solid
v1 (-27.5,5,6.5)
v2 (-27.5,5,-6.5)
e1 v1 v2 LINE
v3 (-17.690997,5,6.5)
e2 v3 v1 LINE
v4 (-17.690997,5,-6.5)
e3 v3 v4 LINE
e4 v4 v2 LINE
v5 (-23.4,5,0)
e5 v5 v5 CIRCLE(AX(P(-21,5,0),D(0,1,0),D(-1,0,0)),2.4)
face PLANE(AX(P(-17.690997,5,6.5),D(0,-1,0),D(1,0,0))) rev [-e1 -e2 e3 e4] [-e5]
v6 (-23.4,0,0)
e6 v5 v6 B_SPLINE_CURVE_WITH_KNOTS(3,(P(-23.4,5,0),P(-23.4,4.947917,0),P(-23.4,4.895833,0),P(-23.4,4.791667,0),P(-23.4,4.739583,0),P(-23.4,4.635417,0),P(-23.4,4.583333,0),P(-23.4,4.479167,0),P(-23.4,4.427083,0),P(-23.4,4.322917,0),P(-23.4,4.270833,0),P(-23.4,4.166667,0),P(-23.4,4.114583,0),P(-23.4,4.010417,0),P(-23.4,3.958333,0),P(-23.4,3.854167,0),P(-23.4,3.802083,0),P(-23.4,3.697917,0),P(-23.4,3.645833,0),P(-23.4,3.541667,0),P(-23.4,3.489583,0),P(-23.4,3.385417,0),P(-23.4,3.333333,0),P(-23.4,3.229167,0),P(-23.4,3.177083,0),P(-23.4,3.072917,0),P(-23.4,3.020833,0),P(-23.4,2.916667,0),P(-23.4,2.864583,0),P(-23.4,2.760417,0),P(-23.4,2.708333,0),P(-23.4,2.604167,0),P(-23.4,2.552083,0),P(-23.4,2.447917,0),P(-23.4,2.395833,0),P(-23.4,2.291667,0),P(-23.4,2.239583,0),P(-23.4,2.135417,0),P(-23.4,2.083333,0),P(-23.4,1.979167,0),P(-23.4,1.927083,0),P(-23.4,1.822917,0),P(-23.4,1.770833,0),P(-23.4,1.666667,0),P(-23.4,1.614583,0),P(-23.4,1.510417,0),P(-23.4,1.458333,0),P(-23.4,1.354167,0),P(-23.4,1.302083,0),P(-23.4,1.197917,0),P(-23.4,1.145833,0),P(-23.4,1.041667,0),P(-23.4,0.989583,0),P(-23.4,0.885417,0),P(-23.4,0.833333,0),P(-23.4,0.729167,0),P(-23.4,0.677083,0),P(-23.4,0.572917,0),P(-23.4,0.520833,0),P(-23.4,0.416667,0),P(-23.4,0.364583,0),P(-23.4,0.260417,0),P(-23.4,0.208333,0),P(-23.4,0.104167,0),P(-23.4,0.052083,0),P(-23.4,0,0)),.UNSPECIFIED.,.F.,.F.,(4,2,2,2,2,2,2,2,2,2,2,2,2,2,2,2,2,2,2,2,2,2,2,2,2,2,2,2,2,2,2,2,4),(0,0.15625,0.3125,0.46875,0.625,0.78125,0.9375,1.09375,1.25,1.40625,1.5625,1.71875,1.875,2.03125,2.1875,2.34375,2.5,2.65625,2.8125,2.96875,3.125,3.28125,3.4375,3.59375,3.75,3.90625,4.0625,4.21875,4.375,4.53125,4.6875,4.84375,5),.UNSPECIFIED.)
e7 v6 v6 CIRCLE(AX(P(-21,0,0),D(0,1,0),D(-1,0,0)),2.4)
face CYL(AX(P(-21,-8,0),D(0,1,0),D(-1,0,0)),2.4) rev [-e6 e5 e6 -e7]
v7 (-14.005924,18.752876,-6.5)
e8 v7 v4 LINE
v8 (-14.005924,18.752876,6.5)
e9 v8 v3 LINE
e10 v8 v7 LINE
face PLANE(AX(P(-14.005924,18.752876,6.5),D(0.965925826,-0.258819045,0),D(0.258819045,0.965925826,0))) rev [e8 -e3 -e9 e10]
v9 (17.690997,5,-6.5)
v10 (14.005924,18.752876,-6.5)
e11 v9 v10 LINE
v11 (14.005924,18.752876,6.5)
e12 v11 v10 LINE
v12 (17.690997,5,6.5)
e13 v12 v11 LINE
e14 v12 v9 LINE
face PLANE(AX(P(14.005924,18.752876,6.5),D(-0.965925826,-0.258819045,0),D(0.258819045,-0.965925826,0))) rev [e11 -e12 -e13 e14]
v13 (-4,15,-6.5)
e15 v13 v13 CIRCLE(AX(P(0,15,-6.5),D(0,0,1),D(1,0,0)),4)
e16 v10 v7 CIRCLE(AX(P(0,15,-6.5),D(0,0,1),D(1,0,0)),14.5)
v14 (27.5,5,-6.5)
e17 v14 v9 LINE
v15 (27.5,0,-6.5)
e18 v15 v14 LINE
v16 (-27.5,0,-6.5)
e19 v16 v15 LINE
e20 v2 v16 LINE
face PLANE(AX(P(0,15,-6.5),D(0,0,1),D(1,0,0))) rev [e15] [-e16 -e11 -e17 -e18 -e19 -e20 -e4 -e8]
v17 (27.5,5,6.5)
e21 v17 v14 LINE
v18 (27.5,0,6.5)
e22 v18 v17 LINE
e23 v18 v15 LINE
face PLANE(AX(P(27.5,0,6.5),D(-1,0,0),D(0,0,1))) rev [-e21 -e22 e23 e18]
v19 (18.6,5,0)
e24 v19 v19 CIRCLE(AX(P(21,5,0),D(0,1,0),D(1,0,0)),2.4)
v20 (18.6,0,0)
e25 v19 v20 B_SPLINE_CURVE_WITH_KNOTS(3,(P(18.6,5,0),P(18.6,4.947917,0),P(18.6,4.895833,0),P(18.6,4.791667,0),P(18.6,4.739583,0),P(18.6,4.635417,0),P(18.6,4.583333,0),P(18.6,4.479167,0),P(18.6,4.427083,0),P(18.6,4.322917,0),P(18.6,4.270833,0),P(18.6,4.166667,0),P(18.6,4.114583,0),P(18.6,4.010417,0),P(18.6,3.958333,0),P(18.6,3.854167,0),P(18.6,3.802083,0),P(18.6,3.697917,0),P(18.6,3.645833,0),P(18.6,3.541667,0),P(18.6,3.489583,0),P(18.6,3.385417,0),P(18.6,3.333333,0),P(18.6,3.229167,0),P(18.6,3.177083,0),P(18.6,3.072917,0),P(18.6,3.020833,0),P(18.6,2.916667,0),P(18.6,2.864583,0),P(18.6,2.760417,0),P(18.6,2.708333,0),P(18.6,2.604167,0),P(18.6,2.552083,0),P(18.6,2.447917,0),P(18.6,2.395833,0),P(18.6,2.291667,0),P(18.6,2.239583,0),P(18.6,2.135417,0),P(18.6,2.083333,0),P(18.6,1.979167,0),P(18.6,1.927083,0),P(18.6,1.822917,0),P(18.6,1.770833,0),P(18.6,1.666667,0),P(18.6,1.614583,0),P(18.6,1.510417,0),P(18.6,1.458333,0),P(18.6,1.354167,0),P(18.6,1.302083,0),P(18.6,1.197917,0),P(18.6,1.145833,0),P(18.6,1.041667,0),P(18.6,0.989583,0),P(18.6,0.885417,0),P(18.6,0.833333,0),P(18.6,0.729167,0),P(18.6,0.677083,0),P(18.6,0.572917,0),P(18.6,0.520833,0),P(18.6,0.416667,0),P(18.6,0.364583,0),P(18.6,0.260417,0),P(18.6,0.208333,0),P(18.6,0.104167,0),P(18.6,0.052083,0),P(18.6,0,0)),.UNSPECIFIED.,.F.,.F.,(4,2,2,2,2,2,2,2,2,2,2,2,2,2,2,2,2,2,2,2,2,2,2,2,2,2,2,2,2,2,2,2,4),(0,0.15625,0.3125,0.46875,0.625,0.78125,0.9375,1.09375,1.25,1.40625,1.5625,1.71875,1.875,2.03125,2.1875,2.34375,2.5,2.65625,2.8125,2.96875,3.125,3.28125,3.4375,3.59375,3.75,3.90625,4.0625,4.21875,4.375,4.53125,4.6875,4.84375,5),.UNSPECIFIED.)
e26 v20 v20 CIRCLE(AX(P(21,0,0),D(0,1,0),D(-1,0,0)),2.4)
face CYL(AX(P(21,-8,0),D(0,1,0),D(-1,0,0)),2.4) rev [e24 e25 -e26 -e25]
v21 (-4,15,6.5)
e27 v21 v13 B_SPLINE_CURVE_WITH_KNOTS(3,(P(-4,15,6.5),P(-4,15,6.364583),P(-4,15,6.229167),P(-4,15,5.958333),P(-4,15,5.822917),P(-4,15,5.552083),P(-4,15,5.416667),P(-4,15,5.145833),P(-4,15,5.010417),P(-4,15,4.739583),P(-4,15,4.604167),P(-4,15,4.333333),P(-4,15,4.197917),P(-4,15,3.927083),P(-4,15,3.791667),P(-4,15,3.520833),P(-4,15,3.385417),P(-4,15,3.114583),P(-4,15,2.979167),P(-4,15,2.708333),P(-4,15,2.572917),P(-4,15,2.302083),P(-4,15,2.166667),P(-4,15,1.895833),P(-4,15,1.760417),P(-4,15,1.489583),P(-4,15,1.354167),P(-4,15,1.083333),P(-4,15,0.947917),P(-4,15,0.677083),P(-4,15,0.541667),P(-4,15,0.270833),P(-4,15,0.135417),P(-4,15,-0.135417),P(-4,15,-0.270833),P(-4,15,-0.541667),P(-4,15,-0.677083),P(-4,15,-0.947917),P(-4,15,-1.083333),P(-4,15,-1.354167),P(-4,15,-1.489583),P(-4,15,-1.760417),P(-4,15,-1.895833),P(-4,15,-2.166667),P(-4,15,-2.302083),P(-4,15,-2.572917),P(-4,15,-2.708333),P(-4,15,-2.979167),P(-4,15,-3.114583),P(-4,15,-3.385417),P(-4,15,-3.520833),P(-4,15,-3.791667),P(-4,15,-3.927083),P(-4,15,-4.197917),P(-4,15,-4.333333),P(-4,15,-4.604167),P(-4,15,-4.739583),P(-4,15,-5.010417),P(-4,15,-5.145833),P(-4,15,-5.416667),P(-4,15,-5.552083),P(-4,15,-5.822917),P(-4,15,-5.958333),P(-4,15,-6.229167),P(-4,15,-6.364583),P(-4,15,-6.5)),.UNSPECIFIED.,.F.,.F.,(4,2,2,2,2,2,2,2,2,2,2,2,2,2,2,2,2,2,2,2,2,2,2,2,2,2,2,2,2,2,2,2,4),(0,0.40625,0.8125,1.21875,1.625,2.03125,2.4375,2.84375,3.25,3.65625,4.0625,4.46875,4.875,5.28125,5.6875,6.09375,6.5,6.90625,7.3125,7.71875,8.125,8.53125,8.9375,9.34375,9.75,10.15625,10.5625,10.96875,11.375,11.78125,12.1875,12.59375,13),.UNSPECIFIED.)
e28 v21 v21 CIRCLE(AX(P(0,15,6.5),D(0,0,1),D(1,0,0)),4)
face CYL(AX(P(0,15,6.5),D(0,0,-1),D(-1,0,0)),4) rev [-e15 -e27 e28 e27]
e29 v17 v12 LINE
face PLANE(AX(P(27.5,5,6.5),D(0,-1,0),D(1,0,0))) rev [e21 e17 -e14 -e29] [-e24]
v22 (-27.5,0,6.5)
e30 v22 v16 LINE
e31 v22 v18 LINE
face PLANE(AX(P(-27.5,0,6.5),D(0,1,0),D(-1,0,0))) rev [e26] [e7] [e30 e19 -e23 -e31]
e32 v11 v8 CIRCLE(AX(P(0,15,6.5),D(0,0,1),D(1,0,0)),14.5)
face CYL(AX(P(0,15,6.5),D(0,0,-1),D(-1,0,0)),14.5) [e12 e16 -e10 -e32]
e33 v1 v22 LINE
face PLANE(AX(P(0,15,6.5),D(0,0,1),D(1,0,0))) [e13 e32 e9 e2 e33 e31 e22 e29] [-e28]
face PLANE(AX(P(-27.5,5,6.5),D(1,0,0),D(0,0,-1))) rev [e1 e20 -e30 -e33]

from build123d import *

# Parameters (mm, degrees)
SKETCH_1_R          = 4
EXTRUDE_1_DEPTH     = 6.5
SKETCH_2_R          = 2.4
CUT_EXTRUDE_1_DEPTH = 13


with BuildPart() as part:
    # 草图1 → 凸台-拉伸1 (new, symmetric)
    with BuildSketch(Plane.XY):
        with BuildLine():
            Line((-27.5, 0), (27.5, 0))
            Line((27.5, 0), (27.5, 5))
            Line((27.5, 5), (17.69099654, 5))
            Line((17.69099654, 5), (14.005924481, 18.752876154))
            ThreePointArc((14.005924481, 18.752876154), (0, 29.5), (-14.005924481, 18.752876154))
            Line((-14.005924481, 18.752876154), (-17.69099654, 5))
            Line((-17.69099654, 5), (-27.5, 5))
            Line((-27.5, 5), (-27.5, 0))
        make_face()
        with Locations(Location((0, 15, 0), (0, 0, 180))):
            Circle(SKETCH_1_R, mode=Mode.SUBTRACT)
    extrude(amount=EXTRUDE_1_DEPTH, both=True)

    # 草图2 → 切除-拉伸1 (cut)
    with BuildSketch(Plane(origin=(0, 5, 0), x_dir=(1, 0, 0), z_dir=(0, 1, 0))):
        with Locations(Location((-21, 0, 0), (0, 0, 180))):
            Circle(SKETCH_2_R)
        with Locations(Location((21, 0, 0), (0, 0, 180))):
            Circle(SKETCH_2_R)
    extrude(amount=-CUT_EXTRUDE_1_DEPTH, mode=Mode.SUBTRACT)


solid = part.part
